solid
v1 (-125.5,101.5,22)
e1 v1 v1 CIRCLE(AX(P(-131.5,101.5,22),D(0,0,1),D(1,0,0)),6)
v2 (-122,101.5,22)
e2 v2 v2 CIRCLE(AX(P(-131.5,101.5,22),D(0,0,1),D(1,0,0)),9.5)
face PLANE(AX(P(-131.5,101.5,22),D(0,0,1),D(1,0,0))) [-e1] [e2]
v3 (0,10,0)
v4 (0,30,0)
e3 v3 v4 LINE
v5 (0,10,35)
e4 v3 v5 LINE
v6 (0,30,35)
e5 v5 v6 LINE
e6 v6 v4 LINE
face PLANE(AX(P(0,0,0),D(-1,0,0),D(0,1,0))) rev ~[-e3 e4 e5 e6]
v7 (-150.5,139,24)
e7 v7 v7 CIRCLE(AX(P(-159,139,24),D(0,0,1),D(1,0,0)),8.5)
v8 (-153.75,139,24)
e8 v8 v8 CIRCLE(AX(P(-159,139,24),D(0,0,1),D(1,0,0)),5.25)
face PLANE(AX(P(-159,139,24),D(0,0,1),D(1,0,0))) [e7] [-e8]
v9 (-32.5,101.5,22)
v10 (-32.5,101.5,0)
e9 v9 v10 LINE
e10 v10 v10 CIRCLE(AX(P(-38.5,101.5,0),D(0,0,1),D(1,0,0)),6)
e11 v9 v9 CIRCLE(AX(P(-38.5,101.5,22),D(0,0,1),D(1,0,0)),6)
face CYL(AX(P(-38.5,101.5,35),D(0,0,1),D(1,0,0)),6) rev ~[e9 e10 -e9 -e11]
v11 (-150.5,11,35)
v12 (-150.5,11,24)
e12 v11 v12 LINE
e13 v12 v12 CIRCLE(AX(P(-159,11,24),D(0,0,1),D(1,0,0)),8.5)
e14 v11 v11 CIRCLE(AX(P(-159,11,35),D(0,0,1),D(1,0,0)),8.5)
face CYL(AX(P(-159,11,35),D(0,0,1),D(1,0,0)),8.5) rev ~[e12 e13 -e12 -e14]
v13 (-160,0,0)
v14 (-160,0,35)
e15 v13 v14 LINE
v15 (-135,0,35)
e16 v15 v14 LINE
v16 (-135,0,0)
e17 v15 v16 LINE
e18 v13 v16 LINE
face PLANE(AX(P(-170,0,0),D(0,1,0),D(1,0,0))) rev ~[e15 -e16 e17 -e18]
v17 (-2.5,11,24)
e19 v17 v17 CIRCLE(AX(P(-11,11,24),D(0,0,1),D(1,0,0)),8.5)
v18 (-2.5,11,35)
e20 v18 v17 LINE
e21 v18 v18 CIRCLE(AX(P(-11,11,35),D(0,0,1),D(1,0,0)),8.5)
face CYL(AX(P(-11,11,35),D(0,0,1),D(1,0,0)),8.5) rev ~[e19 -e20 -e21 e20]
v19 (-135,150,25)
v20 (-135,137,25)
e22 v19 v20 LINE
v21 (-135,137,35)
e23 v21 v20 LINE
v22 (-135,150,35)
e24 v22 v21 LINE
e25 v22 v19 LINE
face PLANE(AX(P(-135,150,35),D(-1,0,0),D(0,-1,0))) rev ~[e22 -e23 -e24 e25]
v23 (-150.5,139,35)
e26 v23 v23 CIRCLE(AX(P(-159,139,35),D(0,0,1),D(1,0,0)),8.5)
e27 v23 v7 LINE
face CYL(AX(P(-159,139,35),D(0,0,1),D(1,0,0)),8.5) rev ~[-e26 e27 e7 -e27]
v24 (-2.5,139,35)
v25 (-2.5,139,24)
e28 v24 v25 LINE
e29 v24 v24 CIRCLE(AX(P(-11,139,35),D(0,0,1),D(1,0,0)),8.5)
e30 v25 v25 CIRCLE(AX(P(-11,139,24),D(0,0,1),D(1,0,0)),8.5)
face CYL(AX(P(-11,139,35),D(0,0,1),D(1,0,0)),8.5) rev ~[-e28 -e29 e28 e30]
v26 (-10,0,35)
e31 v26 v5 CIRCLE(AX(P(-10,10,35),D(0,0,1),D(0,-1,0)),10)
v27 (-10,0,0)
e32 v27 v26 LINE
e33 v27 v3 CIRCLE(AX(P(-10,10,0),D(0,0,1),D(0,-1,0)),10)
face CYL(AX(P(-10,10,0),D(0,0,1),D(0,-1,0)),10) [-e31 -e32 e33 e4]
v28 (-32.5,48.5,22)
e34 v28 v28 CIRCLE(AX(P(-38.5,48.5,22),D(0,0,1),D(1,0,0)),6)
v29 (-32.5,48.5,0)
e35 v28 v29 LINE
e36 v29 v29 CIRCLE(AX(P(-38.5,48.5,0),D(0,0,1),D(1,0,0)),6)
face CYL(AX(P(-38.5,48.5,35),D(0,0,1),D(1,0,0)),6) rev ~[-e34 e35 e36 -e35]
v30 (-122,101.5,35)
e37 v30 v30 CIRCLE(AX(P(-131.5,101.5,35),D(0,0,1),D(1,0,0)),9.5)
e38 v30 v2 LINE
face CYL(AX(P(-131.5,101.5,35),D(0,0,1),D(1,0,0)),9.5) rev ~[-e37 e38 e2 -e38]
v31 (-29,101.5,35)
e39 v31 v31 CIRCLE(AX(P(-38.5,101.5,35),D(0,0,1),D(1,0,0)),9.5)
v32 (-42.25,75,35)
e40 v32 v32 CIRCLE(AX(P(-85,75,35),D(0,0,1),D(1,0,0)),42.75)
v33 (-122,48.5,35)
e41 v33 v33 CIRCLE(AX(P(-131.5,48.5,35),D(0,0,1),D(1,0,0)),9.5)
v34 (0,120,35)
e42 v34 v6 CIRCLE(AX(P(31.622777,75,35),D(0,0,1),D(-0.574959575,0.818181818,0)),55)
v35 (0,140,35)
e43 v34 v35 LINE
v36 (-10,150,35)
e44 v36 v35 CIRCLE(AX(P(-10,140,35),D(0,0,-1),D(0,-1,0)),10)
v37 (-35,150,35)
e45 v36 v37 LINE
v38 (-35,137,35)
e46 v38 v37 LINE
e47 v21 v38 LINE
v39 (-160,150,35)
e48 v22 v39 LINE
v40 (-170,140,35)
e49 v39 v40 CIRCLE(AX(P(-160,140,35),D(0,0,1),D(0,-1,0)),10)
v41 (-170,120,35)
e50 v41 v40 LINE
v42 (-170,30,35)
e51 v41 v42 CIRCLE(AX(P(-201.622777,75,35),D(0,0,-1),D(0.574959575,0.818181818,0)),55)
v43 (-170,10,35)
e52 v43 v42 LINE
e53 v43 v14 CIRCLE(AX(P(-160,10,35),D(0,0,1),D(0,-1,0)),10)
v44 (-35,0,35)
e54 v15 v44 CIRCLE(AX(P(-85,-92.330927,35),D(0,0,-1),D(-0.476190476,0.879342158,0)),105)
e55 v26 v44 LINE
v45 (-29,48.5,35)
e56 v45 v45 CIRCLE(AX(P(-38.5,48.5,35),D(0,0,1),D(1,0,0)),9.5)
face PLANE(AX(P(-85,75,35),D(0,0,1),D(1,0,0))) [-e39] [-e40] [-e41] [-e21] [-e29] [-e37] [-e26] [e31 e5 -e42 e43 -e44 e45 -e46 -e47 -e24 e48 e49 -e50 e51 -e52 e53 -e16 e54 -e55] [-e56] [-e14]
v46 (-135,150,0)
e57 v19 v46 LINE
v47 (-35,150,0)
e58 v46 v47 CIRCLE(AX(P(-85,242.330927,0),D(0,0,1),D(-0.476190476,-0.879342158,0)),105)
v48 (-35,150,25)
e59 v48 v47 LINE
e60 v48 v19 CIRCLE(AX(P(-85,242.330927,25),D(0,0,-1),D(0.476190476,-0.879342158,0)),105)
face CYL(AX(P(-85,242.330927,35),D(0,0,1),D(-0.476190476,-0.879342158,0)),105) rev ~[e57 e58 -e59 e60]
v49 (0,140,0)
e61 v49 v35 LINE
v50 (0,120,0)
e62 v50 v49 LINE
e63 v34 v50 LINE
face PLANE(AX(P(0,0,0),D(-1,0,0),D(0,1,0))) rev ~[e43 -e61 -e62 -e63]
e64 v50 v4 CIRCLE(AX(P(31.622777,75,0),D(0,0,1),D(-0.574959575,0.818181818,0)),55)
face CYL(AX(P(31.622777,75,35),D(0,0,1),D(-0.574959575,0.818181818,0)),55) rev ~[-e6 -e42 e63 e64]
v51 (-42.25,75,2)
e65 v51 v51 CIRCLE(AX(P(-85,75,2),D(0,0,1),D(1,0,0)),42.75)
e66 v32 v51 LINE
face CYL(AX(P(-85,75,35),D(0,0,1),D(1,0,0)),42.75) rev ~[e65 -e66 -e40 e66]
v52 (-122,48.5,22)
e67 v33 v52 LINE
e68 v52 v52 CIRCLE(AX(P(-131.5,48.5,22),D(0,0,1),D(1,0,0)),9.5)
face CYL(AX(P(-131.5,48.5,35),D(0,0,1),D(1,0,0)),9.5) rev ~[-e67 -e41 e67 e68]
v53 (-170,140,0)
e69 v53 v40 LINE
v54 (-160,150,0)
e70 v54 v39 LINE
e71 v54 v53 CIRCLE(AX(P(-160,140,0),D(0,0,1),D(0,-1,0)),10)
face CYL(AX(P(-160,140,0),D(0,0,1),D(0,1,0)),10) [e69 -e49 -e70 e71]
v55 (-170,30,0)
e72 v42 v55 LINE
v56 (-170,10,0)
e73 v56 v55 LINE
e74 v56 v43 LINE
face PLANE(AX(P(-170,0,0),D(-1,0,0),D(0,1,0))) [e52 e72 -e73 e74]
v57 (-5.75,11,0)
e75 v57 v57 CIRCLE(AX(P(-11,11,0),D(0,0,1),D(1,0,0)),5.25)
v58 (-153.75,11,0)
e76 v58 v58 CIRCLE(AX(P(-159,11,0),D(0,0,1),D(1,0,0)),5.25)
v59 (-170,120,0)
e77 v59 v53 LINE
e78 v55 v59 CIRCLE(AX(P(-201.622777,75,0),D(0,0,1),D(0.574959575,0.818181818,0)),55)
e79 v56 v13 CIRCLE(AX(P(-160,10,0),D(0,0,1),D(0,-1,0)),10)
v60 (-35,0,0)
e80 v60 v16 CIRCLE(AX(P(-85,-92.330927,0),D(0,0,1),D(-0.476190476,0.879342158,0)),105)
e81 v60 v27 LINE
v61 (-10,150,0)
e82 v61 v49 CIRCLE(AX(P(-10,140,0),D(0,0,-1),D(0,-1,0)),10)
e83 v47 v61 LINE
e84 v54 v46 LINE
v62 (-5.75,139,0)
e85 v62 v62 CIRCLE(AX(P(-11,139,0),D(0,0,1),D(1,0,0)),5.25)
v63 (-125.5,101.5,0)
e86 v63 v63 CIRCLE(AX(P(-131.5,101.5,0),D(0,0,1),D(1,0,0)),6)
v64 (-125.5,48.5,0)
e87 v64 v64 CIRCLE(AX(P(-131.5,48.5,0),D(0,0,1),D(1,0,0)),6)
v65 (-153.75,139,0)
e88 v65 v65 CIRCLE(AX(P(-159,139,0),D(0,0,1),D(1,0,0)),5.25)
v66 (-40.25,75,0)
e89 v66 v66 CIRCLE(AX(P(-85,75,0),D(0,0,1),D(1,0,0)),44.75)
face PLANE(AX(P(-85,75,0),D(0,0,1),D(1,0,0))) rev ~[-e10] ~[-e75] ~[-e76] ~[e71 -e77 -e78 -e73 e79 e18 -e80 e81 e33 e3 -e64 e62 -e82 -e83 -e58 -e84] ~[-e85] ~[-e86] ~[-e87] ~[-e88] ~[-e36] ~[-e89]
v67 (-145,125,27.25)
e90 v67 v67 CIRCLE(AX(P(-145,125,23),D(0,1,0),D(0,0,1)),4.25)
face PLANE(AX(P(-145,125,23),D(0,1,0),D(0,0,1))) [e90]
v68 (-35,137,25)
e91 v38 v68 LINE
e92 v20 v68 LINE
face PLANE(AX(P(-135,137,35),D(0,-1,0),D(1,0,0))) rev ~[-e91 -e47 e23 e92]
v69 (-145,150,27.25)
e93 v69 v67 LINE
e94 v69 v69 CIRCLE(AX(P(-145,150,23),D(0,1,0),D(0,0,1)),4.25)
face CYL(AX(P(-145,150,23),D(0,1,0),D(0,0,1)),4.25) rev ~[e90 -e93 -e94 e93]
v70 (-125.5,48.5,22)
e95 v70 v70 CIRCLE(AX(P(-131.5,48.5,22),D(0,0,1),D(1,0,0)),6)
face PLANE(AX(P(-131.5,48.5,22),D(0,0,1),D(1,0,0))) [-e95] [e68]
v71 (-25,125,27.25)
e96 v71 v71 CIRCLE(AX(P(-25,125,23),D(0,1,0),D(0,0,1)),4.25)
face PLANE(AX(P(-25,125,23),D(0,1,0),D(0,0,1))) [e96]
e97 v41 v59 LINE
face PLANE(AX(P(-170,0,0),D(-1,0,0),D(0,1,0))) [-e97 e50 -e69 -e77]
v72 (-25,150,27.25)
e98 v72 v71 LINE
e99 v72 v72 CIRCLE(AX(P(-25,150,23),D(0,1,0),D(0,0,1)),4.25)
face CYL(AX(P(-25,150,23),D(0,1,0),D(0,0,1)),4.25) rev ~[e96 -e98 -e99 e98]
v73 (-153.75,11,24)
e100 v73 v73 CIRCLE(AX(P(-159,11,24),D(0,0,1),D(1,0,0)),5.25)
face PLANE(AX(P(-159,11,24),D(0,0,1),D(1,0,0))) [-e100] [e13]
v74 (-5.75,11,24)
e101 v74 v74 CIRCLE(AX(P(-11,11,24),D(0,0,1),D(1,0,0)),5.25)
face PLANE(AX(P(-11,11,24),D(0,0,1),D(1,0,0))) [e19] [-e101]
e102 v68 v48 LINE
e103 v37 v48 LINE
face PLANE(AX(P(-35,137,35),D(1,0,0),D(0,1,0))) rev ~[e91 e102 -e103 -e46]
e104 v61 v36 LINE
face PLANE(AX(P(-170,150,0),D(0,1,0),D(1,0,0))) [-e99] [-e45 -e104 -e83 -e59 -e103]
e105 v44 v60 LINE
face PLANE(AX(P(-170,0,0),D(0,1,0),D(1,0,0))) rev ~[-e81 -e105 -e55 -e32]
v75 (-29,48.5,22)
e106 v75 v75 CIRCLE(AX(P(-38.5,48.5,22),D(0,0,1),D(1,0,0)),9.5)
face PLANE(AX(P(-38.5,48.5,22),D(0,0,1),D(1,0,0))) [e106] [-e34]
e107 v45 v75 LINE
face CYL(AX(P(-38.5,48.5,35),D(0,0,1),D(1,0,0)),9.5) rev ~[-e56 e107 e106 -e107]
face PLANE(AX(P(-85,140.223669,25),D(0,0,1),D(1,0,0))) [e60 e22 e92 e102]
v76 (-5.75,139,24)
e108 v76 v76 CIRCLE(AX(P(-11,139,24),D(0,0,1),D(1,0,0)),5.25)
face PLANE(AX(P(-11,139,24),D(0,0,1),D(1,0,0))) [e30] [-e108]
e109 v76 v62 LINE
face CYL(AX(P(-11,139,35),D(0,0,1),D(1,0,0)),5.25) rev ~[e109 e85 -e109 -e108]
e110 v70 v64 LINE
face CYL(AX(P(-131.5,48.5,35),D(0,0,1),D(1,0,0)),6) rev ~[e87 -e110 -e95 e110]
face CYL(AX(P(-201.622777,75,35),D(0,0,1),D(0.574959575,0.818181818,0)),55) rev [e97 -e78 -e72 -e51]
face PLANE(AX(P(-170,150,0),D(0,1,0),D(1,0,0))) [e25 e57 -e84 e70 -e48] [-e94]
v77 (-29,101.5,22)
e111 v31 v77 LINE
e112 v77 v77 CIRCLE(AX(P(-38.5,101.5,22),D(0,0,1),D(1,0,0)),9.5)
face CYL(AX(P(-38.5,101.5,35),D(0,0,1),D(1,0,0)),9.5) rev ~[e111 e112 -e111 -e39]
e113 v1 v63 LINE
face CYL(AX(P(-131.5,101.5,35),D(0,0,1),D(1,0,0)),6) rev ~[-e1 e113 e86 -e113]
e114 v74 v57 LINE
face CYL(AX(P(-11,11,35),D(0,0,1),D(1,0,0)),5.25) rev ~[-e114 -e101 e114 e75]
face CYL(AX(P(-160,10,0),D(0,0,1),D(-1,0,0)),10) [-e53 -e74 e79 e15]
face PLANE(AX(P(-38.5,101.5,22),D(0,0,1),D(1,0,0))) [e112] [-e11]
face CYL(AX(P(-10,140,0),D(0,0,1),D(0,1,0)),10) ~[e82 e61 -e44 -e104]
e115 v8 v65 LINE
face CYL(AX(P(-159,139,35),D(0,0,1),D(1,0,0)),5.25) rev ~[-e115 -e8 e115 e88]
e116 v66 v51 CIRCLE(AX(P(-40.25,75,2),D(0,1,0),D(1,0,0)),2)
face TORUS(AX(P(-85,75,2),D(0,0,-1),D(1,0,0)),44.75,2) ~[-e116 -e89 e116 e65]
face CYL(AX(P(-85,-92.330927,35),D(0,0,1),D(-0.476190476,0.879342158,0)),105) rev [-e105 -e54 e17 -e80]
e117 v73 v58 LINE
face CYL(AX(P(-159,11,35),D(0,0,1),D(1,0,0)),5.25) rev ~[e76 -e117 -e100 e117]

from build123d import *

# Parameters (mm, degrees)
ESQUISSE2_W                   = 170
ESQUISSE2_H                   = 150
BOSS_EXTRU_1_DEPTH            = 35
ESQUISSE3_R                   = 42.75
ENL_V_MAT_EXTRU_2_DEPTH       = 40
ESQUISSE5_R                   = 6
ENL_V_MAT_EXTRU_3_DEPTH       = 40
ESQUISSE6_R                   = 9.5
ENL_V_MAT_EXTRU_4_DEPTH       = 13
ESQUISSE7_R                   = 5.25
ENL_V_MAT_EXTRU_5_DEPTH       = 40
ESQUISSE8_R                   = 8.5
ENL_V_MAT_EXTRU_6_DEPTH       = 11
ESQUISSE9_R                   = 4.25
ENL_V_MAT_EXTRU_7_DEPTH       = 25
ENL_V_MAT_EXTRU_8_DEPTH       = 1
ENL_V_MAT_EXTRU_8_DEPTH_BACK  = 36
ENL_V_MAT_EXTRU_12_DEPTH      = 1
ENL_V_MAT_EXTRU_12_DEPTH_BACK = 36
ENL_V_MAT_EXTRU_13_DEPTH      = 1
ENL_V_MAT_EXTRU_13_DEPTH_BACK = 36
ENL_V_MAT_EXTRU_14_DEPTH      = 1
ENL_V_MAT_EXTRU_14_DEPTH_BACK = 36
CONG_1_R                      = 10
CONG_2_R                      = 10
CONG_3_R                      = 10
CONG_4_R                      = 10
CONG_5_R                      = 2
ENL_V_MAT_EXTRU_17_DEPTH      = 10


with BuildPart() as part:
    # Esquisse2 → Boss.-Extru.1 (new body)
    with BuildSketch(Plane.XY):
        with Locations((-85, 75)):
            Rectangle(ESQUISSE2_W, ESQUISSE2_H)
    extrude(amount=BOSS_EXTRU_1_DEPTH)

    # Esquisse3 → Enlèv. mat.-Extru.2 (cut)
    with BuildSketch(Plane.XY.offset(35)):
        with Locations((-85, 75)):
            Circle(ESQUISSE3_R)
    extrude(amount=-ENL_V_MAT_EXTRU_2_DEPTH, mode=Mode.SUBTRACT)

    # Esquisse5 → Enlèv. mat.-Extru.3 (cut)
    with BuildSketch(Plane.XY.offset(35)):
        with Locations((-38.5, 101.5)):
            Circle(ESQUISSE5_R)
        with Locations((-38.5, 48.5)):
            Circle(ESQUISSE5_R)
        with Locations((-131.5, 48.5)):
            Circle(ESQUISSE5_R)
        with Locations((-131.5, 101.5)):
            Circle(ESQUISSE5_R)
    extrude(amount=-ENL_V_MAT_EXTRU_3_DEPTH, mode=Mode.SUBTRACT)

    # Esquisse6 → Enlèv. mat.-Extru.4 (cut)
    with BuildSketch(Plane.XY.offset(35)):
        with Locations((-38.5, 101.5)):
            Circle(ESQUISSE6_R)
        with Locations((-38.5, 48.5)):
            Circle(ESQUISSE6_R)
        with Locations((-131.5, 48.5)):
            Circle(ESQUISSE6_R)
        with Locations((-131.5, 101.5)):
            Circle(ESQUISSE6_R)
    extrude(amount=-ENL_V_MAT_EXTRU_4_DEPTH, mode=Mode.SUBTRACT)

    # Esquisse7 → Enlèv. mat.-Extru.5 (cut)
    with BuildSketch(Plane.XY.offset(35)):
        with Locations((-11, 139)):
            Circle(ESQUISSE7_R)
        with Locations((-11, 11)):
            Circle(ESQUISSE7_R)
        with Locations((-159, 11)):
            Circle(ESQUISSE7_R)
        with Locations((-159, 139)):
            Circle(ESQUISSE7_R)
    extrude(amount=-ENL_V_MAT_EXTRU_5_DEPTH, mode=Mode.SUBTRACT)

    # Esquisse8 → Enlèv. mat.-Extru.6 (cut)
    with BuildSketch(Plane.XY.offset(35)):
        with Locations((-11, 139)):
            Circle(ESQUISSE8_R)
        with Locations((-11, 11)):
            Circle(ESQUISSE8_R)
        with Locations((-159, 11)):
            Circle(ESQUISSE8_R)
        with Locations((-159, 139)):
            Circle(ESQUISSE8_R)
    extrude(amount=-ENL_V_MAT_EXTRU_6_DEPTH, mode=Mode.SUBTRACT)

    # Esquisse9 → Enlèv. mat.-Extru.7 (cut)
    with BuildSketch(Plane(origin=(0, 150, 0), x_dir=(1, 0, 0), z_dir=(0, 1, 0))):
        with Locations(Location((-25, -23, 0), (0, 0, 270))):  # turned: the seam where the file's is
            Circle(ESQUISSE9_R)
        with Locations(Location((-145, -23, 0), (0, 0, 270))):  # turned: the seam where the file's is
            Circle(ESQUISSE9_R)
    extrude(amount=-ENL_V_MAT_EXTRU_7_DEPTH, mode=Mode.SUBTRACT)

    # Esquisse19 → Enlèv. mat.-Extru.8 (cut, two sides)
    with BuildSketch(Plane.XY.offset(35)) as enl_v_mat_extru_8_sk:
        with BuildLine():
            Line((348.687033491, 365.032270311), (0, 120))
            ThreePointArc((0, 120), (-23.377223398, 75), (0, 30))
            Line((0, 30), (348.687033491, -215.032270311))
            Line((348.687033491, -215.032270311), (1201.033115359, -215.032270311))
            Line((1201.033115359, -215.032270311), (1201.033115359, 365.032270311))
            Line((1201.033115359, 365.032270311), (348.687033491, 365.032270311))
        make_face()
    extrude(amount=ENL_V_MAT_EXTRU_8_DEPTH, mode=Mode.SUBTRACT)
    extrude(enl_v_mat_extru_8_sk.sketch, amount=-ENL_V_MAT_EXTRU_8_DEPTH_BACK, mode=Mode.SUBTRACT)

    # Esquisse22 → Enlèv. mat.-Extru.12 (cut, two sides)
    with BuildSketch(Plane.XY.offset(35)) as enl_v_mat_extru_12_sk:
        with BuildLine():
            Line((-498.703585548, -196.956534006), (-135, 0))
            ThreePointArc((-135, 0), (-85, 12.669073437), (-35, 0))
            Line((-35, 0), (328.703585548, -196.956534006))
            Line((328.703585548, -196.956534006), (328.703585548, -1024.17397683))
            Line((328.703585548, -1024.17397683), (-498.703585548, -1024.17397683))
            Line((-498.703585548, -1024.17397683), (-498.703585548, -196.956534006))
        make_face()
    extrude(amount=ENL_V_MAT_EXTRU_12_DEPTH, mode=Mode.SUBTRACT)
    extrude(enl_v_mat_extru_12_sk.sketch, amount=-ENL_V_MAT_EXTRU_12_DEPTH_BACK, mode=Mode.SUBTRACT)

    # Esquisse27 → Enlèv. mat.-Extru.13 (cut, two sides)
    with BuildSketch(Plane.XY.offset(35)) as enl_v_mat_extru_13_sk:
        with BuildLine():
            Line((-518.687033491, 365.032270311), (-170, 120))
            ThreePointArc((-170, 120), (-146.622776602, 75), (-170, 30))
            Line((-170, 30), (-518.687033491, -215.032270311))
            Line((-518.687033491, -215.032270311), (-1371.033115359, -215.032270311))
            Line((-1371.033115359, -215.032270311), (-1371.033115359, 365.032270311))
            Line((-1371.033115359, 365.032270311), (-518.687033491, 365.032270311))
        make_face()
    extrude(amount=ENL_V_MAT_EXTRU_13_DEPTH, mode=Mode.SUBTRACT)
    extrude(enl_v_mat_extru_13_sk.sketch, amount=-ENL_V_MAT_EXTRU_13_DEPTH_BACK, mode=Mode.SUBTRACT)

    # Esquisse28 → Enlèv. mat.-Extru.14 (cut, two sides)
    with BuildSketch(Plane.XY.offset(35)) as enl_v_mat_extru_14_sk:
        with BuildLine():
            Line((-498.703585548, 346.956534006), (-135, 150))
            ThreePointArc((-135, 150), (-85, 137.330926563), (-35, 150))
            Line((-35, 150), (328.703585548, 346.956534006))
            Line((328.703585548, 346.956534006), (328.703585548, 1174.17397683))
            Line((328.703585548, 1174.17397683), (-498.703585548, 1174.17397683))
            Line((-498.703585548, 1174.17397683), (-498.703585548, 346.956534006))
        make_face()
    extrude(amount=ENL_V_MAT_EXTRU_14_DEPTH, mode=Mode.SUBTRACT)
    extrude(enl_v_mat_extru_14_sk.sketch, amount=-ENL_V_MAT_EXTRU_14_DEPTH_BACK, mode=Mode.SUBTRACT)

    # Congé1
    cong_1_edges = [part.edges().sort_by_distance(p)[0] for p in [
        (0, 150, 17.5),
    ]]
    fillet(cong_1_edges, radius=CONG_1_R)

    # Congé2
    cong_2_edges = [part.edges().sort_by_distance(p)[0] for p in [
        (-170, 150, 17.5),
    ]]
    fillet(cong_2_edges, radius=CONG_2_R)

    # Congé3
    cong_3_edges = [part.edges().sort_by_distance(p)[0] for p in [
        (-170, 0, 17.5),
    ]]
    fillet(cong_3_edges, radius=CONG_3_R)

    # Congé4
    cong_4_edges = [part.edges().sort_by_distance(p)[0] for p in [
        (0, 0, 17.5),
    ]]
    fillet(cong_4_edges, radius=CONG_4_R)

    # Congé5
    cong_5_edges = [part.edges().sort_by_distance(p)[0] for p in [
        (-127.75, 75, 0),
    ]]
    fillet(cong_5_edges, radius=CONG_5_R)

    # Esquisse40 → Enlèv. mat.-Extru.17 (cut)
    with BuildSketch(Plane.XY.offset(35)):
        with BuildLine():
            Line((-135, 150), (-135, 137))
            Line((-135, 137), (-35, 137))
            Line((-35, 137), (-35, 150))
            ThreePointArc((-35, 150), (-85, 137.330926563), (-135, 150))
        make_face()
    extrude(amount=-ENL_V_MAT_EXTRU_17_DEPTH, mode=Mode.SUBTRACT)


solid = part.part
